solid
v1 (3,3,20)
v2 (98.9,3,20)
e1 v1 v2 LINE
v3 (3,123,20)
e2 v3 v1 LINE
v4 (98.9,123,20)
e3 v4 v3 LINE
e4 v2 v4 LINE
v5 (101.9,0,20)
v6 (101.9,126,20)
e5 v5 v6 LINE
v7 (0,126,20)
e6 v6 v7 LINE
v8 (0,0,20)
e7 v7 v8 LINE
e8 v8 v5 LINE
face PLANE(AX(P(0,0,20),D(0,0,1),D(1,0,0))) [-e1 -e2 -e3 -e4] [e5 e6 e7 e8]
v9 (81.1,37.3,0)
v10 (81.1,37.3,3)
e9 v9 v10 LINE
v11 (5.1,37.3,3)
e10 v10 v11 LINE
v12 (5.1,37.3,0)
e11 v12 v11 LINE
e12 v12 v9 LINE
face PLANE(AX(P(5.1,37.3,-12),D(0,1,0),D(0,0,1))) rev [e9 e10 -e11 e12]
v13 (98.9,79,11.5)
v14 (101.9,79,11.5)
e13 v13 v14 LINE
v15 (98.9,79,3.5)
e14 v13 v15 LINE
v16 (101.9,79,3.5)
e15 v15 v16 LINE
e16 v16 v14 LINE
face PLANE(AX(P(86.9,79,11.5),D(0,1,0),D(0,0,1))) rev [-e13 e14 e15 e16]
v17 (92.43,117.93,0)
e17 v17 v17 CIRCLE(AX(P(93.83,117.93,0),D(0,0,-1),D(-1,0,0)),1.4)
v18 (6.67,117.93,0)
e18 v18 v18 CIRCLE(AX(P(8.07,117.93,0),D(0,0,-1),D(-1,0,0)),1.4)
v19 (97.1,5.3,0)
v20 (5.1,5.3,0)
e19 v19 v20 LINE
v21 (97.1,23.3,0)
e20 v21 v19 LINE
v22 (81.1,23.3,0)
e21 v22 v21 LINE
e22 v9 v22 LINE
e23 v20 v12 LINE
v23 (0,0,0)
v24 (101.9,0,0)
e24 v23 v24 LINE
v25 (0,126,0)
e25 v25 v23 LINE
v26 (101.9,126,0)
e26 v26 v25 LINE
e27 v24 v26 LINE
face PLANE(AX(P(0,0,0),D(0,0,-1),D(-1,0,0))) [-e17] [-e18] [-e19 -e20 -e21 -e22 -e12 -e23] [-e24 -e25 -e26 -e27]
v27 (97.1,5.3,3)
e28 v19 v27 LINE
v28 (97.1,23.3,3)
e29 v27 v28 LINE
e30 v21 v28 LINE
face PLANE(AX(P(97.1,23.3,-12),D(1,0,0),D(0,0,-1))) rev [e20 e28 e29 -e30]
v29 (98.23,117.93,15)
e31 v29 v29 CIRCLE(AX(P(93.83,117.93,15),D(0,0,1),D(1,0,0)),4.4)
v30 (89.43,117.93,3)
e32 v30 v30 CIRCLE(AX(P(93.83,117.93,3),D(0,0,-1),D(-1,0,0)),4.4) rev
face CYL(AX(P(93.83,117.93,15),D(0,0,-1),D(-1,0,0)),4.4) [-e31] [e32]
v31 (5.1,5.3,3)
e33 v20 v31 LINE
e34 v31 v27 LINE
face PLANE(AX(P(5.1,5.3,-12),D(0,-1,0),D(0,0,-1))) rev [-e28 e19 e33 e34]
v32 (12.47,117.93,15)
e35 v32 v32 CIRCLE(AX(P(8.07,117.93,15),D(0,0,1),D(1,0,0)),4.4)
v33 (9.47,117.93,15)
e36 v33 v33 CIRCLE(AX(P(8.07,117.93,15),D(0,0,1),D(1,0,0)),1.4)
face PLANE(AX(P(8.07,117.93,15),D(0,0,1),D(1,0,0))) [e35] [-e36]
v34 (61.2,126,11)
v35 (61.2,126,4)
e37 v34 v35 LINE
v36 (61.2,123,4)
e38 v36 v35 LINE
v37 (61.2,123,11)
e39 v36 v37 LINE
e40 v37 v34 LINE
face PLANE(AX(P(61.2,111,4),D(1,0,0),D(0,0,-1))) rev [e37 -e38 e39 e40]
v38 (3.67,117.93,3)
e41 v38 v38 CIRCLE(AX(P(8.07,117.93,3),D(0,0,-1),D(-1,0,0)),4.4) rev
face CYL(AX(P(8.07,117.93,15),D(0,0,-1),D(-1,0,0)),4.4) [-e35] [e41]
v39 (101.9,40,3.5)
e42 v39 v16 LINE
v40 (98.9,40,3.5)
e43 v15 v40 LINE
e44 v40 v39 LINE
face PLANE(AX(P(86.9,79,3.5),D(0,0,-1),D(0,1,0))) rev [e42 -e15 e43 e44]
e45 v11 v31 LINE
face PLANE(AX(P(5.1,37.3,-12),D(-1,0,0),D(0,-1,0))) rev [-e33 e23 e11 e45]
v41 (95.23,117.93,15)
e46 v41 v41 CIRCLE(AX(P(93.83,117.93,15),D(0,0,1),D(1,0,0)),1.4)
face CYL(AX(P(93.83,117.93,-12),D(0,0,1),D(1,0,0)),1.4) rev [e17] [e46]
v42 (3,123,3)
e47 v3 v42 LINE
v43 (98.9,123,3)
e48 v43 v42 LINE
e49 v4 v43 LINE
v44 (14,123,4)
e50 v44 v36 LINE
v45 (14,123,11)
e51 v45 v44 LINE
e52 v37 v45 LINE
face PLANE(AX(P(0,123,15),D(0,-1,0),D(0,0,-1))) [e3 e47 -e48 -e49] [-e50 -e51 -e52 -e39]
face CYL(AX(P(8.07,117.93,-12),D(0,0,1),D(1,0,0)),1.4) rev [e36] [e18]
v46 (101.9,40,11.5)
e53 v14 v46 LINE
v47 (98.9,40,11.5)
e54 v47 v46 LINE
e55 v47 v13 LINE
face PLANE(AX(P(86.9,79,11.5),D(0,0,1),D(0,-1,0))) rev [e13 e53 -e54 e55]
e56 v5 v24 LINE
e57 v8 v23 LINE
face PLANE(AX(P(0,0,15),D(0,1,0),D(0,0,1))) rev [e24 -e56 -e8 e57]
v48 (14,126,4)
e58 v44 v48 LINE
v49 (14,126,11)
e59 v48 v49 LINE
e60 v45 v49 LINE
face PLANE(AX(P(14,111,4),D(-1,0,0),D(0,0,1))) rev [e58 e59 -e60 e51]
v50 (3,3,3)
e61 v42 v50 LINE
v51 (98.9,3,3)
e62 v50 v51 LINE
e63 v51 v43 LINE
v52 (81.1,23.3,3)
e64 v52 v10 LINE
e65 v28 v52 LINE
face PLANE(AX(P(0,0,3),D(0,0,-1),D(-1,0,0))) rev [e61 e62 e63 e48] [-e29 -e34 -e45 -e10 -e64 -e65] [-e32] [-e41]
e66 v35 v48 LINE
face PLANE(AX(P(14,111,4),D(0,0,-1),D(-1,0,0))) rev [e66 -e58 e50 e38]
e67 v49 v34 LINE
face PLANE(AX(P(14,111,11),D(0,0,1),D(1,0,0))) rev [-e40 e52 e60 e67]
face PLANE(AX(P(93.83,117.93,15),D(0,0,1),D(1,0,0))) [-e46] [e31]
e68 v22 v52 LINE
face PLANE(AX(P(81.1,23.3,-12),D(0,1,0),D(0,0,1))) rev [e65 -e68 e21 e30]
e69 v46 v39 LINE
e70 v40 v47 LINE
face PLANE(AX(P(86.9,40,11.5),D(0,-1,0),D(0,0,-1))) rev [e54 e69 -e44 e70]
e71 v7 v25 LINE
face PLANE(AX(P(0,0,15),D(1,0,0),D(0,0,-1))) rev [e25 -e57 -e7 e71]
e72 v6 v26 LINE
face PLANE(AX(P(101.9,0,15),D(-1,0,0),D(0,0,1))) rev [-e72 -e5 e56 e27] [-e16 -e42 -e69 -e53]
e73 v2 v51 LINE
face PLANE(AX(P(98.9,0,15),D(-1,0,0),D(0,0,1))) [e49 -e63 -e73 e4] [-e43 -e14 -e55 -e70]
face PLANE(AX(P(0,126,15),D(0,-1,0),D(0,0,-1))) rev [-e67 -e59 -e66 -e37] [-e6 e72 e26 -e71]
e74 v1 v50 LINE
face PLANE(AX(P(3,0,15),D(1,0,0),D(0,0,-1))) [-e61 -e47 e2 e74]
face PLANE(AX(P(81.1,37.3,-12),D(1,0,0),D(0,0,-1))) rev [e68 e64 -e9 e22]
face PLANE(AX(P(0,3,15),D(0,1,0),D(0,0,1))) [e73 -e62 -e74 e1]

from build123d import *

# Parameters (mm, degrees)
CROQUIS1_W              = 101.9
CROQUIS1_H              = 126
SALIENTE_EXTRUIR1_DEPTH = 15
VACIADO1_T              = -3
CORTAR_EXTRUIR1_DEPTH   = 15
CROQUIS3_W              = 8
CROQUIS3_H              = 39
CORTAR_EXTRUIR2_DEPTH   = 15
CROQUIS4_W              = 47.2
CROQUIS4_H              = 7
CORTAR_EXTRUIR3_DEPTH   = 15
CROQUIS5_R              = 1.4
CORTAR_EXTRUIR4_DEPTH   = 15
SALIENTE_EXTRUIR2_START = 12
CROQUIS6_R              = 4.4
CROQUIS6_R_2            = 1.4
SALIENTE_EXTRUIR2_DEPTH = 12
CROQUIS7_W              = 101.9
CROQUIS7_H              = 126
CROQUIS7_W_2            = 95.9
CROQUIS7_H_2            = 120
SALIENTE_EXTRUIR3_DEPTH = 5


with BuildPart() as part:
    # Croquis1 → Saliente-Extruir1 (new body)
    with BuildSketch(Plane.XY):
        with Locations((50.95, 63)):
            Rectangle(CROQUIS1_W, CROQUIS1_H)
    extrude(amount=SALIENTE_EXTRUIR1_DEPTH)

    # Vaciado1
    vaciado1_openings = [part.faces().sort_by_distance(p)[0] for p in [
        (50.95, 63, 15),
    ]]
    offset(amount=VACIADO1_T, openings=vaciado1_openings, kind=Kind.INTERSECTION)

    # Croquis2 → Cortar-Extruir1 (cut)
    with BuildSketch(Plane.XY.offset(3)):
        Polygon((5.1, 37.3), (81.1, 37.3), (81.1, 23.3), (97.1, 23.3), (97.1, 5.3), (5.1, 5.3), align=None)
    extrude(amount=-CORTAR_EXTRUIR1_DEPTH, mode=Mode.SUBTRACT)

    # Croquis3 → Cortar-Extruir2 (cut)
    with BuildSketch(Plane(origin=(101.9, 0, 0), x_dir=(0, 0, -1), z_dir=(1, 0, 0))):
        with Locations((-7.5, 59.5)):
            Rectangle(CROQUIS3_W, CROQUIS3_H)
    extrude(amount=-CORTAR_EXTRUIR2_DEPTH, mode=Mode.SUBTRACT)

    # Croquis4 → Cortar-Extruir3 (cut)
    with BuildSketch(Plane(origin=(0, 126, 0), x_dir=(1, 0, 0), z_dir=(0, 1, 0))):
        with Locations((37.6, -7.5)):
            Rectangle(CROQUIS4_W, CROQUIS4_H)
    extrude(amount=-CORTAR_EXTRUIR3_DEPTH, mode=Mode.SUBTRACT)

    # Croquis5 → Cortar-Extruir4 (cut)
    with BuildSketch(Plane.XY.offset(3)):
        with Locations((8.07, 117.93)):
            Circle(CROQUIS5_R)
        with Locations((93.83, 117.93)):
            Circle(CROQUIS5_R)
    extrude(amount=-CORTAR_EXTRUIR4_DEPTH, mode=Mode.SUBTRACT)

    # Croquis6 → Saliente-Extruir2 (add)
    # profile 1 of 2: a face of its own
    with BuildSketch(Plane.XY.offset(3).offset(SALIENTE_EXTRUIR2_START)):
        with Locations(Location((93.83, 117.93, 0), (0, 0, 180))):
            Circle(CROQUIS6_R)
        with Locations((93.83, 117.93)):
            Circle(CROQUIS6_R_2, mode=Mode.SUBTRACT)
    # profile 2 of 2: a face of its own
    with BuildSketch(Plane.XY.offset(3).offset(SALIENTE_EXTRUIR2_START)):
        with Locations(Location((8.07, 117.93, 0), (0, 0, 180))):
            Circle(CROQUIS6_R)
        with Locations((8.07, 117.93)):
            Circle(CROQUIS6_R_2, mode=Mode.SUBTRACT)
    extrude(amount=-SALIENTE_EXTRUIR2_DEPTH)

    # Croquis7 → Saliente-Extruir3 (add)
    with BuildSketch(Plane.XY.offset(15)):
        with Locations((50.95, 63)):
            Rectangle(CROQUIS7_W, CROQUIS7_H)
        with Locations((50.95, 63)):
            Rectangle(CROQUIS7_W_2, CROQUIS7_H_2, mode=Mode.SUBTRACT)
    extrude(amount=SALIENTE_EXTRUIR3_DEPTH)


solid = part.part
